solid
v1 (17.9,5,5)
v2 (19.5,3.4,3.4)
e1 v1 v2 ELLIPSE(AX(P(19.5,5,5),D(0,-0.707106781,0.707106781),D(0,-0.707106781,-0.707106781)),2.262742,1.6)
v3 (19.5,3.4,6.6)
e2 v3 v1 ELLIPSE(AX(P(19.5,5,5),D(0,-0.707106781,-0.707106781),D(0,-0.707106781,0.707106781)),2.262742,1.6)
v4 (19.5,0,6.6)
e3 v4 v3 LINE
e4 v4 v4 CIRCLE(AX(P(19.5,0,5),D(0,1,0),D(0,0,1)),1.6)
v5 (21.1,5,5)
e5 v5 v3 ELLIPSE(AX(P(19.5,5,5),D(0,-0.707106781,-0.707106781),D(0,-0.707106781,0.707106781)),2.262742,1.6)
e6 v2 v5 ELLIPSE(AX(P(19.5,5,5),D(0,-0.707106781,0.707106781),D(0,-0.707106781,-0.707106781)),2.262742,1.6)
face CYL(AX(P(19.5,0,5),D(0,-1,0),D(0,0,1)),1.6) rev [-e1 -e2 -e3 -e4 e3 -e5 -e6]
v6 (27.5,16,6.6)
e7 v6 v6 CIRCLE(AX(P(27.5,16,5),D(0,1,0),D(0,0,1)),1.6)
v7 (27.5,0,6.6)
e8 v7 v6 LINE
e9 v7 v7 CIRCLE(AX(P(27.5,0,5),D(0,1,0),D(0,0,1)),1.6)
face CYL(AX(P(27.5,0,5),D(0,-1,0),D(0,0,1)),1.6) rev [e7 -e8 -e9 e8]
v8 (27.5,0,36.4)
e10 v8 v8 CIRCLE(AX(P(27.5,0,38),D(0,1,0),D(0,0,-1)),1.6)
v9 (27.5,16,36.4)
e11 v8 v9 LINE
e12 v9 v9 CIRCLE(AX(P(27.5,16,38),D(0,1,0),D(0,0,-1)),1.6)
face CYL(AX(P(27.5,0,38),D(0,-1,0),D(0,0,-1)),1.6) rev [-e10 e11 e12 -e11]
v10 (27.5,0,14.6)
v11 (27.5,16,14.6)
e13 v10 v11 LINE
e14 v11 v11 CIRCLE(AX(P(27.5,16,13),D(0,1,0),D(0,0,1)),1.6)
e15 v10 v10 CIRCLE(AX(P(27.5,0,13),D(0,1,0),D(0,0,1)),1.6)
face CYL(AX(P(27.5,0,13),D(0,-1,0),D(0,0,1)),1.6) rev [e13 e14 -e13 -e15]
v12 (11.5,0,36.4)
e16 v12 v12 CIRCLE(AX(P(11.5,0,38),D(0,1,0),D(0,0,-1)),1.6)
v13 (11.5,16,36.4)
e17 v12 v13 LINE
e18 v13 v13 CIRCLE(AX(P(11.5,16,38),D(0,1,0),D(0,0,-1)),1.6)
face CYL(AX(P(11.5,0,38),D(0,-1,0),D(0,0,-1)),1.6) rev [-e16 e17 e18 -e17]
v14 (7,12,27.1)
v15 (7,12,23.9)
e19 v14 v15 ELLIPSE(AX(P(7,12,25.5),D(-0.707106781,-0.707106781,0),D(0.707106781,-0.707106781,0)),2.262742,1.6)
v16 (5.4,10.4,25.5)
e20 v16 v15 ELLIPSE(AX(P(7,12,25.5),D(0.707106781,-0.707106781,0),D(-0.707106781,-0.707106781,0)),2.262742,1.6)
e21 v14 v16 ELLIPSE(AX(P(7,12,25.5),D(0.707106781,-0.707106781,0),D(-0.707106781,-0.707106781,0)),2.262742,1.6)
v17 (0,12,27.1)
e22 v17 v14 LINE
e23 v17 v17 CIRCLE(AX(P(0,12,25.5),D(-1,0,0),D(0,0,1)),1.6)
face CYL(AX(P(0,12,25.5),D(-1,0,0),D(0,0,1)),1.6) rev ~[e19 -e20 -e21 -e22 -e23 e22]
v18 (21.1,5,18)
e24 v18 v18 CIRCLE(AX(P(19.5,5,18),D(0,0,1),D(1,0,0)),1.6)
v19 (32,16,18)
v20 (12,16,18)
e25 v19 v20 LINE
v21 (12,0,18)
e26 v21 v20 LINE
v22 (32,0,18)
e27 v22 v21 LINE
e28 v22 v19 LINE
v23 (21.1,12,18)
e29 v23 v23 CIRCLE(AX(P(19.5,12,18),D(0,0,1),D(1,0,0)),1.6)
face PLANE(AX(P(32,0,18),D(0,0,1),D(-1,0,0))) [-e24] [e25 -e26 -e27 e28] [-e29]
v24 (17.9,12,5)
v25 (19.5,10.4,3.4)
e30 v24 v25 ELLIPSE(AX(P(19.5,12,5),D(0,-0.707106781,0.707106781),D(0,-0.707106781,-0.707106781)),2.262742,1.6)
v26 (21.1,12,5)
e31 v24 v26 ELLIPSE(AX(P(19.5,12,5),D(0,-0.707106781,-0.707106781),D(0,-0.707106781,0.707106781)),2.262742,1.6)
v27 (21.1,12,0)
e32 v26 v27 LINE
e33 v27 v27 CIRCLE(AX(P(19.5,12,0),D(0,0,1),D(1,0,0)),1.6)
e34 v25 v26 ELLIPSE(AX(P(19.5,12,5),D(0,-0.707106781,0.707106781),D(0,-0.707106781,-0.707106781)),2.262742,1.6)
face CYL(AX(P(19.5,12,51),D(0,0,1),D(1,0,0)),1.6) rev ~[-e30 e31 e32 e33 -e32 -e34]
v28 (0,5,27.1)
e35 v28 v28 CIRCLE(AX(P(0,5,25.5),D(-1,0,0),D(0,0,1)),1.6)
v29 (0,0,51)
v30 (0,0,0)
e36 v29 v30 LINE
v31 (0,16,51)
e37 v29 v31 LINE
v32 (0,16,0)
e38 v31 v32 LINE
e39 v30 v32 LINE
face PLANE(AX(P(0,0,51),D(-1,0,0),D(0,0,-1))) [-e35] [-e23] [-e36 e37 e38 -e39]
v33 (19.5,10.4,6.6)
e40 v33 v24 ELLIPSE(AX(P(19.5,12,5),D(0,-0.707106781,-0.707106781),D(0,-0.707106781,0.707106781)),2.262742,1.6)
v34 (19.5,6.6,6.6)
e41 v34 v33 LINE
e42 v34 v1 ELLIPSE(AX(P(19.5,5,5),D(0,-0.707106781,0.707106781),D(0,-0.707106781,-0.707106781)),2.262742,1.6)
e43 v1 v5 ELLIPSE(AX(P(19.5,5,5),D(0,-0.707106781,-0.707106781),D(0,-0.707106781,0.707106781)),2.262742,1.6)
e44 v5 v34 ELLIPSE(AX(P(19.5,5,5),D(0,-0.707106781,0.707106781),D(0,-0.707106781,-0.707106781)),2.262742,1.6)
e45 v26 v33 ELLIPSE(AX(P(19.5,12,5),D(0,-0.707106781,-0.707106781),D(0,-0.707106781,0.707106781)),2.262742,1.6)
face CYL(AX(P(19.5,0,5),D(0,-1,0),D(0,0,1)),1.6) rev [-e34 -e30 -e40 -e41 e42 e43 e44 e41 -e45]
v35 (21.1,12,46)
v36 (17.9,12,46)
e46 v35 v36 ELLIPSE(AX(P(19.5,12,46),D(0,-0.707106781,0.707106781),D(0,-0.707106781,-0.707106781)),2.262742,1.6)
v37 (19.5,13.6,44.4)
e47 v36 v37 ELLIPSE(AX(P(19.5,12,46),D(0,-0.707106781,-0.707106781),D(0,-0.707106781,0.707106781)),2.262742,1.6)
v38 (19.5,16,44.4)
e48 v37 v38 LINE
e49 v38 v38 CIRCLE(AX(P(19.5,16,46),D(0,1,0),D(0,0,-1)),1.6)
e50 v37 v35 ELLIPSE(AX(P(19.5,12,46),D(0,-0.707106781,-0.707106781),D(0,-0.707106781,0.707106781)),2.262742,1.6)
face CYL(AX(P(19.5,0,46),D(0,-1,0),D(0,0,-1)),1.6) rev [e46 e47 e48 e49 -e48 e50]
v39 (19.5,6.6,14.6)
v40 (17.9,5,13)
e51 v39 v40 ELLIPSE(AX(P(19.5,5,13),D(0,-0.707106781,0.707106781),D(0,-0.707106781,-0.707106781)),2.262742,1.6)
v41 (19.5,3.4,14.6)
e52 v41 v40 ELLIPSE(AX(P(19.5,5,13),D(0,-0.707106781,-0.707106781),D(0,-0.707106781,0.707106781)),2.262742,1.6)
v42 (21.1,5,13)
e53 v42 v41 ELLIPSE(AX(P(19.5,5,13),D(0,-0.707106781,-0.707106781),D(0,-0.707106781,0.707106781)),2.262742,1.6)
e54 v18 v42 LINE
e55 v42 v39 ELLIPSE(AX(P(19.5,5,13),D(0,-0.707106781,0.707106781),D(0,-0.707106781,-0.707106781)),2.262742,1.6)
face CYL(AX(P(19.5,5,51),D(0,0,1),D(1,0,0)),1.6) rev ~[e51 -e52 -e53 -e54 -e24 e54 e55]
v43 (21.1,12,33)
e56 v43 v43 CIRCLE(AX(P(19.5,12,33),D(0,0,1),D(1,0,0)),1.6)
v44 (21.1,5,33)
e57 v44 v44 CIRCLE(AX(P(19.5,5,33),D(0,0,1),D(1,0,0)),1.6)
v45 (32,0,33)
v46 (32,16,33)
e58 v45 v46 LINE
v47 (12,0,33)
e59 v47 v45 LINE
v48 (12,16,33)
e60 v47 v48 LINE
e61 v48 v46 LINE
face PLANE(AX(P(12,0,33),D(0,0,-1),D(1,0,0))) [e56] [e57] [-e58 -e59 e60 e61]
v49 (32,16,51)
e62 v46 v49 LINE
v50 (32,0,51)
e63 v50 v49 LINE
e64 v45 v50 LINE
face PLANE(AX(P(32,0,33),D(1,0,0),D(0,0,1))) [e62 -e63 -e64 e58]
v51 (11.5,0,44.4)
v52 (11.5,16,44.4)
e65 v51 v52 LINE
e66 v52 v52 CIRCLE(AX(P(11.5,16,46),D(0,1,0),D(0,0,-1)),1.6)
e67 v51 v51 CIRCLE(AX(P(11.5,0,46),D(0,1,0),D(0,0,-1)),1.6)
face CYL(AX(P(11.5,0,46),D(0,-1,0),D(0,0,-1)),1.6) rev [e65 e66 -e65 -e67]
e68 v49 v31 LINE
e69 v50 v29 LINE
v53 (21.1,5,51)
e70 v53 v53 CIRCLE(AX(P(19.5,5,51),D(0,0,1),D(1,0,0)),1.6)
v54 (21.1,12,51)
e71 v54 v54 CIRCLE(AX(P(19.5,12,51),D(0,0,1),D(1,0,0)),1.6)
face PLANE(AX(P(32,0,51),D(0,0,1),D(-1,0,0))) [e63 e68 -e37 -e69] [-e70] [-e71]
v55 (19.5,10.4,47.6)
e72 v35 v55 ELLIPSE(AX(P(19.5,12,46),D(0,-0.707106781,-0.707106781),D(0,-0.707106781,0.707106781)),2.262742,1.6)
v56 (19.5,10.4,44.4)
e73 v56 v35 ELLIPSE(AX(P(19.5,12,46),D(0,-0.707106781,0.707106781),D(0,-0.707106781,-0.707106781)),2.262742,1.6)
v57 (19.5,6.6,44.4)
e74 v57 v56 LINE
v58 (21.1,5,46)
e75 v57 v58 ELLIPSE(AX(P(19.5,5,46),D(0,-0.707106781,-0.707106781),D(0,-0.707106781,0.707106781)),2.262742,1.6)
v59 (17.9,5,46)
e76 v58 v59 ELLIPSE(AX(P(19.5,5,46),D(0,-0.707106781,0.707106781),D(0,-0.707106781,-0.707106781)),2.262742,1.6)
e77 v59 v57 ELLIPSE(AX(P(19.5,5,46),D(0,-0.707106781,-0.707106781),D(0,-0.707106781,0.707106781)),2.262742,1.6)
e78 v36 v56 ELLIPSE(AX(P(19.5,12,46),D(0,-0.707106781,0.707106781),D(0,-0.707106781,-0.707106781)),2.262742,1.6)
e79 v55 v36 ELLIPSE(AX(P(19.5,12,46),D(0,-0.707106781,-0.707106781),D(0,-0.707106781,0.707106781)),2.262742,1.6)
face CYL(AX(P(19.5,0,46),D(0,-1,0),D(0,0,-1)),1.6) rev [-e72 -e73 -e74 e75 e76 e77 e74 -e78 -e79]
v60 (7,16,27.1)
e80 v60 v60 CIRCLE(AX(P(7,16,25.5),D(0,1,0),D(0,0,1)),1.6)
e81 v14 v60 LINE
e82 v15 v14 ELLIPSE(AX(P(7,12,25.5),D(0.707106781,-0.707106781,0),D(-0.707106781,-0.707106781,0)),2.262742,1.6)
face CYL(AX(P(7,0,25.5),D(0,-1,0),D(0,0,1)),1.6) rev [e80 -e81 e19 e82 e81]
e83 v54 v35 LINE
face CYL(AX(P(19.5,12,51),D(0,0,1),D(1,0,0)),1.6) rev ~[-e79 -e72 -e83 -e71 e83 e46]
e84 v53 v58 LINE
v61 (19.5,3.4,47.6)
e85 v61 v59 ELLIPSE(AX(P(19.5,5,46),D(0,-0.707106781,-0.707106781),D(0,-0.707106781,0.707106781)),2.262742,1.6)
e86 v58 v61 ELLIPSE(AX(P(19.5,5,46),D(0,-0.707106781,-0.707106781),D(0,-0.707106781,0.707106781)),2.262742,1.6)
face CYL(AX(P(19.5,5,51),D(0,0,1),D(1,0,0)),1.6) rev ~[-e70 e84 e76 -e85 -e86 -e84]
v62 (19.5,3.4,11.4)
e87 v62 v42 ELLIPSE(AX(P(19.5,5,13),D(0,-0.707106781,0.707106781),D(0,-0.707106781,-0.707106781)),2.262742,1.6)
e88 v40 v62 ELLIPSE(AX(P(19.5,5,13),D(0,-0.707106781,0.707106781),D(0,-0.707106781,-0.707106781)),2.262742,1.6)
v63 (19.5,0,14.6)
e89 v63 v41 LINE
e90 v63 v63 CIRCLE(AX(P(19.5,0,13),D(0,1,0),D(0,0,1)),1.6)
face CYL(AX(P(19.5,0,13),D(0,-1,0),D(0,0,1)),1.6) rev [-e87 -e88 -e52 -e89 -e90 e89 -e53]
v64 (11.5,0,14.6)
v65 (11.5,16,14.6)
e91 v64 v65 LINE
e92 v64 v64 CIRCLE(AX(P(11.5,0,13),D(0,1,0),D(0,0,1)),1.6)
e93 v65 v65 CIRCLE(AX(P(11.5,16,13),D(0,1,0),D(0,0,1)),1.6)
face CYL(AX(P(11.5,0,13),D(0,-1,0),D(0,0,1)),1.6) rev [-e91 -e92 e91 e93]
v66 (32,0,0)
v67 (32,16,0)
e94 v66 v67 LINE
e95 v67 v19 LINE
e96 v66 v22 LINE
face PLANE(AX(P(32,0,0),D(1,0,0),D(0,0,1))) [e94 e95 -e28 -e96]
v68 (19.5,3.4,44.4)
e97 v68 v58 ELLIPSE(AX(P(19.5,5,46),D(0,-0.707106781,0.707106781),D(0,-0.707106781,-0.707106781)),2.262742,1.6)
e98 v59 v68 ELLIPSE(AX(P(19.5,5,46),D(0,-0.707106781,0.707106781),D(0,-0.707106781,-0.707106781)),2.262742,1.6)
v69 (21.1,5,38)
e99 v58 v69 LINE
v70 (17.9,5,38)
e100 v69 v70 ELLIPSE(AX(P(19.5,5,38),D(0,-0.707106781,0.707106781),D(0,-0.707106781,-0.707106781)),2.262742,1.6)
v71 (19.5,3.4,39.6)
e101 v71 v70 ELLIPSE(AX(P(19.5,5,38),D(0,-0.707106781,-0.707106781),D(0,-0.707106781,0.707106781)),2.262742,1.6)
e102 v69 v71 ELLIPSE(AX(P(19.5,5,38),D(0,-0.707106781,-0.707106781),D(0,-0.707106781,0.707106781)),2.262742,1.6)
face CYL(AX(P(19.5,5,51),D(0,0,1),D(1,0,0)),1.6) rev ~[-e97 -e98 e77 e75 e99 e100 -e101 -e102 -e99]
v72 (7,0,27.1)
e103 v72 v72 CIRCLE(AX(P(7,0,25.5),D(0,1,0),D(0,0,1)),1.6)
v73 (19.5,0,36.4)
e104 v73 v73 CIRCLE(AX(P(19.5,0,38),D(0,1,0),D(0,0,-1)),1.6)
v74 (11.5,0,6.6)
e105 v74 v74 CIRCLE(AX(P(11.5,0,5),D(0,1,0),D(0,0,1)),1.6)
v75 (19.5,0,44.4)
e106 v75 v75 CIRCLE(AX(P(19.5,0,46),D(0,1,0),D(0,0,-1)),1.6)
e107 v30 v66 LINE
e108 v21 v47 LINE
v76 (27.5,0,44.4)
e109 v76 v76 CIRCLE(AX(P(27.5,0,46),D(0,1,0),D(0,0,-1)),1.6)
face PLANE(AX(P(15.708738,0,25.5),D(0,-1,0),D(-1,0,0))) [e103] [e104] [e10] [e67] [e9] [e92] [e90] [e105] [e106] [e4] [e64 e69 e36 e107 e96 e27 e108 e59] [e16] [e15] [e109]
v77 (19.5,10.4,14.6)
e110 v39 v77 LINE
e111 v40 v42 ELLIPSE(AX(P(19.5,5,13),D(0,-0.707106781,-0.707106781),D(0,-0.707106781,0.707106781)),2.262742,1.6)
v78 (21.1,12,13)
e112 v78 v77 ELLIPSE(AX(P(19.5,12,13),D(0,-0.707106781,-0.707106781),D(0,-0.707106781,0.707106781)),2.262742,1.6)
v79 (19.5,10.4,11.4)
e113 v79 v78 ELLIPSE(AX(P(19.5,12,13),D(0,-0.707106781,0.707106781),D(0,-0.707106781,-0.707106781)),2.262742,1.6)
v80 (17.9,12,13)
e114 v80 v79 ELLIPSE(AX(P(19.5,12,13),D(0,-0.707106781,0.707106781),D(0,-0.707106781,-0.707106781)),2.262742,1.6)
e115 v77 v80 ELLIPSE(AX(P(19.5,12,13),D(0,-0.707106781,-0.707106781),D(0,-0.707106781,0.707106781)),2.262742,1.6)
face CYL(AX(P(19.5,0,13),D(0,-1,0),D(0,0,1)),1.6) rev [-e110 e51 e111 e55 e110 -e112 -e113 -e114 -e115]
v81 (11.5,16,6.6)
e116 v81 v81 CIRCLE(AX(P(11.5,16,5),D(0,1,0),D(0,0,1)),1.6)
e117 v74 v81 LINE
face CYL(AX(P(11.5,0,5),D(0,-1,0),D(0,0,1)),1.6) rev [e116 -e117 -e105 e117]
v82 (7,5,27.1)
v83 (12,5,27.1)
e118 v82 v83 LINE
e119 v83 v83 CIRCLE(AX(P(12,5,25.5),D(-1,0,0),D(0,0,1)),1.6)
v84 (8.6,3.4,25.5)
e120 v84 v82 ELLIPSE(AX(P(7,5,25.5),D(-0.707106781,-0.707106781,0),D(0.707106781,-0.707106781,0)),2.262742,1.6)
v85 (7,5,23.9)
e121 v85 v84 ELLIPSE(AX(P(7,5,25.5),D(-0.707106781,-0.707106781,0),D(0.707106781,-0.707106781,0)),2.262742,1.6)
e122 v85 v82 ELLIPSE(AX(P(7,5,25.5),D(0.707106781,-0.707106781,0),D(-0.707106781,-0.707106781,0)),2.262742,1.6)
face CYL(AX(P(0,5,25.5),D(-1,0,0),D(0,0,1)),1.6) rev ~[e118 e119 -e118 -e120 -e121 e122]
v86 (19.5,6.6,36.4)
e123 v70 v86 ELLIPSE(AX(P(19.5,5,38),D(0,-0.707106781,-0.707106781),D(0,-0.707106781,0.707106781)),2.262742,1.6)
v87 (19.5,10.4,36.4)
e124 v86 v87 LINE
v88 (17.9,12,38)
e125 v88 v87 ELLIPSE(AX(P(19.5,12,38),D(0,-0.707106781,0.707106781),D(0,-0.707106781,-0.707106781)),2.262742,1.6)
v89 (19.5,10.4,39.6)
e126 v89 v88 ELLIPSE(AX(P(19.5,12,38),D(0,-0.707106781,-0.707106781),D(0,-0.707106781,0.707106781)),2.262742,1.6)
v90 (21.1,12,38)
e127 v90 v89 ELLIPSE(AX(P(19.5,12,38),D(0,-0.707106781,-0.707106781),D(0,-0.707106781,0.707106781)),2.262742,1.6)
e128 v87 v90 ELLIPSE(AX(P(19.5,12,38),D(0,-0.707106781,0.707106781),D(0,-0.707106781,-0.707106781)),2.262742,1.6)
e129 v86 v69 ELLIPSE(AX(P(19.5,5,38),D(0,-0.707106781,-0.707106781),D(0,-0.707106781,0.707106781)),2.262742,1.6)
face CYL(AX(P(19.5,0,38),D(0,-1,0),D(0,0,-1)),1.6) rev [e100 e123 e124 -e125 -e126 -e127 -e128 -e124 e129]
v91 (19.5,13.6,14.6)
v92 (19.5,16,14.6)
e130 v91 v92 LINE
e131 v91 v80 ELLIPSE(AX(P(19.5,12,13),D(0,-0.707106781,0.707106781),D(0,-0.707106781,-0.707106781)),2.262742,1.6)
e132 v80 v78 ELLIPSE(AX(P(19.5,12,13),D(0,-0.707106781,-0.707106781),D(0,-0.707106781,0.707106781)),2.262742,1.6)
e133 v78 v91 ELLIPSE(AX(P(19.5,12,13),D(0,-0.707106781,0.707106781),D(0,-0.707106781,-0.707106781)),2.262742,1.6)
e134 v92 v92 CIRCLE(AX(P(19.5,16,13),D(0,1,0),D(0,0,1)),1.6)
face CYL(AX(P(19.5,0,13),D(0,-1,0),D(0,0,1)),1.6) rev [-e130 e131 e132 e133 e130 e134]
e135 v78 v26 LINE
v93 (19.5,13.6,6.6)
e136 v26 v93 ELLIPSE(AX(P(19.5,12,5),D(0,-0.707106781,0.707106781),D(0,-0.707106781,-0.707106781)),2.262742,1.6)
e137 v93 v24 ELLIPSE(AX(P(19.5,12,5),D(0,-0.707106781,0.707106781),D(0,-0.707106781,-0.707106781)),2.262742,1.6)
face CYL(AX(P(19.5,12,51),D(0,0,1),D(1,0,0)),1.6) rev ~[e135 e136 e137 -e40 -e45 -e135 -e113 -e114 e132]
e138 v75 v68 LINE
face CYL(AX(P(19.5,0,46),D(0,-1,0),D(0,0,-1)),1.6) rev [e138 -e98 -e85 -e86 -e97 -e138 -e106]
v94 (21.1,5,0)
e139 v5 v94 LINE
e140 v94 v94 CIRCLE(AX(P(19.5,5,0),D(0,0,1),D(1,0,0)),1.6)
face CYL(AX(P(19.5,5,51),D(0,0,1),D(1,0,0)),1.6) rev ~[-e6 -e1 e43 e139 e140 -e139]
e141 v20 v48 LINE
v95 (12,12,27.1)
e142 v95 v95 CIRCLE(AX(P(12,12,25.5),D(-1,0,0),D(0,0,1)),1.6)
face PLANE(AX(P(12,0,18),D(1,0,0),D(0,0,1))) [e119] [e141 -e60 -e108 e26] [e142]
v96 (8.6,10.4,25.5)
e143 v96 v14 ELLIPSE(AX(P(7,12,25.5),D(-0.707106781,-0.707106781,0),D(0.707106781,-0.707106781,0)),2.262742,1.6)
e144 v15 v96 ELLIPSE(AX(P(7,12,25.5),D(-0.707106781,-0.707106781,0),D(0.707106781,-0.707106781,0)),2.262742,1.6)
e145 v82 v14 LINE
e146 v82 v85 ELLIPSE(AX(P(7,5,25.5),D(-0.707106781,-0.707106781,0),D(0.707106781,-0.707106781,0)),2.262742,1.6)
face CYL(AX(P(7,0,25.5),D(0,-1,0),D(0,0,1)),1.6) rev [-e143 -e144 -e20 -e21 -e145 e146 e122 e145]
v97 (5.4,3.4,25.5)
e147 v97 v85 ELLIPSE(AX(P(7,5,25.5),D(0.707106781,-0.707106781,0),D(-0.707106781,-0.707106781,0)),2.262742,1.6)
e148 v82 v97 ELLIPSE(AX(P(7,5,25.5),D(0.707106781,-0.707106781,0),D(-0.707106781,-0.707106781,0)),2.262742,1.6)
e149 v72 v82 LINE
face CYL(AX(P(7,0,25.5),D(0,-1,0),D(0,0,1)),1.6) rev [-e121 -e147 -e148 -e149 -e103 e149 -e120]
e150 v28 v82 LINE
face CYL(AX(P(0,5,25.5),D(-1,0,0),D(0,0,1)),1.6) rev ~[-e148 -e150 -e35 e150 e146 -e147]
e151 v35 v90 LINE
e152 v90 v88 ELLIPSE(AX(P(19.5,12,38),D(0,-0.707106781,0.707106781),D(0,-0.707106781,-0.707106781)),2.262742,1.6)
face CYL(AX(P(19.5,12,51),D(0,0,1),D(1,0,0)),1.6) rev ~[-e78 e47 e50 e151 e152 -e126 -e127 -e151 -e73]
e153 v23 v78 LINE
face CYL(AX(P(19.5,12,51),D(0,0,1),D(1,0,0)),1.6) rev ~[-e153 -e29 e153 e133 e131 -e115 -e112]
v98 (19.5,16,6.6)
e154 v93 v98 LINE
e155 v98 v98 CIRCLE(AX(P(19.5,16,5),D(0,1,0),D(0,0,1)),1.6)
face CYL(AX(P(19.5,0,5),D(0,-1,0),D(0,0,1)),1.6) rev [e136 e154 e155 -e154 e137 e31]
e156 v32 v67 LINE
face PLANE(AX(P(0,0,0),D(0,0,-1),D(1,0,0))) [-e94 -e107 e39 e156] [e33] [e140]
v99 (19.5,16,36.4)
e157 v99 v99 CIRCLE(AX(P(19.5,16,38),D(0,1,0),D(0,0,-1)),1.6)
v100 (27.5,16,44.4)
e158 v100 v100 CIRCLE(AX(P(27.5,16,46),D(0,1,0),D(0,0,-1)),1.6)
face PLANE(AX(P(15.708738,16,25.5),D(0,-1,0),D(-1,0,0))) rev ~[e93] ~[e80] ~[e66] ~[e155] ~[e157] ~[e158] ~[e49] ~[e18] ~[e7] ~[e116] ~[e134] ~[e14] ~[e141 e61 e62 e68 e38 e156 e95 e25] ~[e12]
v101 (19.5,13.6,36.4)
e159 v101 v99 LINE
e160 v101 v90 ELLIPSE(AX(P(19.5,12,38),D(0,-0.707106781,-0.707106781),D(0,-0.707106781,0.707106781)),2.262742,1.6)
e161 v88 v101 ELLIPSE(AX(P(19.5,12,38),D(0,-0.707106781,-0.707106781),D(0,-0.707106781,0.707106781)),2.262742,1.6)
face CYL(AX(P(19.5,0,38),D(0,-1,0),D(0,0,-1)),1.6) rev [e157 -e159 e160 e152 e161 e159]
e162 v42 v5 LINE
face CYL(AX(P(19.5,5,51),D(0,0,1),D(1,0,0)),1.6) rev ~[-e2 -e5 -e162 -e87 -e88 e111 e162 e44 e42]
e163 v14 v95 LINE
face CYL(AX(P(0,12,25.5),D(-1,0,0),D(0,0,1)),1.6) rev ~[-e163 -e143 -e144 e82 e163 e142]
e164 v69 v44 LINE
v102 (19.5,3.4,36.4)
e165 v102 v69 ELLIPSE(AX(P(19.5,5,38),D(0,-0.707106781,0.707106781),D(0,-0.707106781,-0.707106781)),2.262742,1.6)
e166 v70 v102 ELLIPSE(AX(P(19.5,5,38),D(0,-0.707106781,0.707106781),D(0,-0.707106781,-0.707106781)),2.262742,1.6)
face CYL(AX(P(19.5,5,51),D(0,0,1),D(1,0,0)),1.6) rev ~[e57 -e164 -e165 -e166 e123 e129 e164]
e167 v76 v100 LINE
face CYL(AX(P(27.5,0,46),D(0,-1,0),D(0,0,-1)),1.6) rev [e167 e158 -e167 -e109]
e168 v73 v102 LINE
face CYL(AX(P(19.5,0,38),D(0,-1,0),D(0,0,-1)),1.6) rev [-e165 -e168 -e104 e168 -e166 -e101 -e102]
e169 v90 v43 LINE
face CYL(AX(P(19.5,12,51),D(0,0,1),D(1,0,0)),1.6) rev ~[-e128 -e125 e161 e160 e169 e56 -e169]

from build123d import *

# Parameters (mm, degrees)
SKETCH_1_R          = 1.6
EXTRUDE_1_DEPTH     = 16
CUT_EXTRUDE_1_REACH = 64.298
SKETCH_2_R          = 1.6
CUT_EXTRUDE_2_REACH = 64.298
SKETCH_3_R          = 1.6


with BuildPart() as part:
    # 草图1 → 凸台-拉伸1 (new body)
    with BuildSketch(Plane(origin=(0, 0, 0), x_dir=(1, 0, 0), z_dir=(0, 1, 0))):
        Polygon((0, 0), (32, 0), (32, -18), (12, -18), (12, -33), (32, -33), (32, -51), (0, -51), align=None)
        with Locations(Location((19.5, -13, 0), (0, 0, 270))):
            Circle(SKETCH_1_R, mode=Mode.SUBTRACT)
        with Locations(Location((19.5, -5, 0), (0, 0, 270))):
            Circle(SKETCH_1_R, mode=Mode.SUBTRACT)
        with Locations(Location((27.5, -5, 0), (0, 0, 270))):
            Circle(SKETCH_1_R, mode=Mode.SUBTRACT)
        with Locations(Location((27.5, -13, 0), (0, 0, 270))):
            Circle(SKETCH_1_R, mode=Mode.SUBTRACT)
        with Locations(Location((11.5, -5, 0), (0, 0, 270))):
            Circle(SKETCH_1_R, mode=Mode.SUBTRACT)
        with Locations(Location((11.5, -13, 0), (0, 0, 270))):
            Circle(SKETCH_1_R, mode=Mode.SUBTRACT)
        with Locations(Location((27.5, -38, 0), (0, 0, 90))):
            Circle(SKETCH_1_R, mode=Mode.SUBTRACT)
        with Locations(Location((19.5, -38, 0), (0, 0, 90))):
            Circle(SKETCH_1_R, mode=Mode.SUBTRACT)
        with Locations(Location((11.5, -38, 0), (0, 0, 90))):
            Circle(SKETCH_1_R, mode=Mode.SUBTRACT)
        with Locations(Location((27.5, -46, 0), (0, 0, 90))):
            Circle(SKETCH_1_R, mode=Mode.SUBTRACT)
        with Locations(Location((19.5, -46, 0), (0, 0, 90))):
            Circle(SKETCH_1_R, mode=Mode.SUBTRACT)
        with Locations(Location((11.5, -46, 0), (0, 0, 90))):
            Circle(SKETCH_1_R, mode=Mode.SUBTRACT)
        with Locations(Location((7, -25.5, 0), (0, 0, 270))):
            Circle(SKETCH_1_R, mode=Mode.SUBTRACT)
    extrude(amount=EXTRUDE_1_DEPTH)

    # 切除-拉伸1: up to this face of the body (flat: up to its plane)
    cut_extrude_1_end = Plane(part.part.faces().sort_by_distance((16, 8, 0))[0])
    # 草图2 → 切除-拉伸1 (cut, up to the picked face)
    with BuildSketch(Plane.XY.offset(51), mode=Mode.PRIVATE) as cut_extrude_1_sk1:
        with Locations((19.5, 12)):
            Circle(SKETCH_2_R)
    cut_extrude_1_tool1 = split(extrude(cut_extrude_1_sk1.sketch, amount=-CUT_EXTRUDE_1_REACH, mode=Mode.PRIVATE), bisect_by=cut_extrude_1_end, keep=Keep.BOTH, mode=Mode.PRIVATE)
    # 草图2 → 切除-拉伸1 (cut, up to the picked face)
    with BuildSketch(Plane.XY.offset(51), mode=Mode.PRIVATE) as cut_extrude_1_sk2:
        with Locations((19.5, 5)):
            Circle(SKETCH_2_R)
    cut_extrude_1_tool2 = split(extrude(cut_extrude_1_sk2.sketch, amount=-CUT_EXTRUDE_1_REACH, mode=Mode.PRIVATE), bisect_by=cut_extrude_1_end, keep=Keep.BOTH, mode=Mode.PRIVATE)
    add(cut_extrude_1_tool1.solids().sort_by(Axis((19.5, 12, 51), (0, 0, -1)))[0], mode=Mode.SUBTRACT)
    add(cut_extrude_1_tool2.solids().sort_by(Axis((19.5, 5, 51), (0, 0, -1)))[0], mode=Mode.SUBTRACT)

    # 切除-拉伸2: up to this face of the body (flat: up to its plane)
    cut_extrude_2_end = Plane(part.part.faces().sort_by_distance((12, 8, 25.5))[0])
    # 草图3 → 切除-拉伸2 (cut, up to the picked face)
    with BuildSketch(Plane.ZY, mode=Mode.PRIVATE) as cut_extrude_2_sk1:
        with Locations((25.5, 5)):
            Circle(SKETCH_3_R)
    cut_extrude_2_tool1 = split(extrude(cut_extrude_2_sk1.sketch, amount=-CUT_EXTRUDE_2_REACH, mode=Mode.PRIVATE), bisect_by=cut_extrude_2_end, keep=Keep.BOTH, mode=Mode.PRIVATE)
    # 草图3 → 切除-拉伸2 (cut, up to the picked face)
    with BuildSketch(Plane.ZY, mode=Mode.PRIVATE) as cut_extrude_2_sk2:
        with Locations((25.5, 12)):
            Circle(SKETCH_3_R)
    cut_extrude_2_tool2 = split(extrude(cut_extrude_2_sk2.sketch, amount=-CUT_EXTRUDE_2_REACH, mode=Mode.PRIVATE), bisect_by=cut_extrude_2_end, keep=Keep.BOTH, mode=Mode.PRIVATE)
    add(cut_extrude_2_tool1.solids().sort_by(Axis((0, 5, 25.5), (1, 0, 0)))[0], mode=Mode.SUBTRACT)
    add(cut_extrude_2_tool2.solids().sort_by(Axis((0, 12, 25.5), (1, 0, 0)))[0], mode=Mode.SUBTRACT)


solid = part.part
